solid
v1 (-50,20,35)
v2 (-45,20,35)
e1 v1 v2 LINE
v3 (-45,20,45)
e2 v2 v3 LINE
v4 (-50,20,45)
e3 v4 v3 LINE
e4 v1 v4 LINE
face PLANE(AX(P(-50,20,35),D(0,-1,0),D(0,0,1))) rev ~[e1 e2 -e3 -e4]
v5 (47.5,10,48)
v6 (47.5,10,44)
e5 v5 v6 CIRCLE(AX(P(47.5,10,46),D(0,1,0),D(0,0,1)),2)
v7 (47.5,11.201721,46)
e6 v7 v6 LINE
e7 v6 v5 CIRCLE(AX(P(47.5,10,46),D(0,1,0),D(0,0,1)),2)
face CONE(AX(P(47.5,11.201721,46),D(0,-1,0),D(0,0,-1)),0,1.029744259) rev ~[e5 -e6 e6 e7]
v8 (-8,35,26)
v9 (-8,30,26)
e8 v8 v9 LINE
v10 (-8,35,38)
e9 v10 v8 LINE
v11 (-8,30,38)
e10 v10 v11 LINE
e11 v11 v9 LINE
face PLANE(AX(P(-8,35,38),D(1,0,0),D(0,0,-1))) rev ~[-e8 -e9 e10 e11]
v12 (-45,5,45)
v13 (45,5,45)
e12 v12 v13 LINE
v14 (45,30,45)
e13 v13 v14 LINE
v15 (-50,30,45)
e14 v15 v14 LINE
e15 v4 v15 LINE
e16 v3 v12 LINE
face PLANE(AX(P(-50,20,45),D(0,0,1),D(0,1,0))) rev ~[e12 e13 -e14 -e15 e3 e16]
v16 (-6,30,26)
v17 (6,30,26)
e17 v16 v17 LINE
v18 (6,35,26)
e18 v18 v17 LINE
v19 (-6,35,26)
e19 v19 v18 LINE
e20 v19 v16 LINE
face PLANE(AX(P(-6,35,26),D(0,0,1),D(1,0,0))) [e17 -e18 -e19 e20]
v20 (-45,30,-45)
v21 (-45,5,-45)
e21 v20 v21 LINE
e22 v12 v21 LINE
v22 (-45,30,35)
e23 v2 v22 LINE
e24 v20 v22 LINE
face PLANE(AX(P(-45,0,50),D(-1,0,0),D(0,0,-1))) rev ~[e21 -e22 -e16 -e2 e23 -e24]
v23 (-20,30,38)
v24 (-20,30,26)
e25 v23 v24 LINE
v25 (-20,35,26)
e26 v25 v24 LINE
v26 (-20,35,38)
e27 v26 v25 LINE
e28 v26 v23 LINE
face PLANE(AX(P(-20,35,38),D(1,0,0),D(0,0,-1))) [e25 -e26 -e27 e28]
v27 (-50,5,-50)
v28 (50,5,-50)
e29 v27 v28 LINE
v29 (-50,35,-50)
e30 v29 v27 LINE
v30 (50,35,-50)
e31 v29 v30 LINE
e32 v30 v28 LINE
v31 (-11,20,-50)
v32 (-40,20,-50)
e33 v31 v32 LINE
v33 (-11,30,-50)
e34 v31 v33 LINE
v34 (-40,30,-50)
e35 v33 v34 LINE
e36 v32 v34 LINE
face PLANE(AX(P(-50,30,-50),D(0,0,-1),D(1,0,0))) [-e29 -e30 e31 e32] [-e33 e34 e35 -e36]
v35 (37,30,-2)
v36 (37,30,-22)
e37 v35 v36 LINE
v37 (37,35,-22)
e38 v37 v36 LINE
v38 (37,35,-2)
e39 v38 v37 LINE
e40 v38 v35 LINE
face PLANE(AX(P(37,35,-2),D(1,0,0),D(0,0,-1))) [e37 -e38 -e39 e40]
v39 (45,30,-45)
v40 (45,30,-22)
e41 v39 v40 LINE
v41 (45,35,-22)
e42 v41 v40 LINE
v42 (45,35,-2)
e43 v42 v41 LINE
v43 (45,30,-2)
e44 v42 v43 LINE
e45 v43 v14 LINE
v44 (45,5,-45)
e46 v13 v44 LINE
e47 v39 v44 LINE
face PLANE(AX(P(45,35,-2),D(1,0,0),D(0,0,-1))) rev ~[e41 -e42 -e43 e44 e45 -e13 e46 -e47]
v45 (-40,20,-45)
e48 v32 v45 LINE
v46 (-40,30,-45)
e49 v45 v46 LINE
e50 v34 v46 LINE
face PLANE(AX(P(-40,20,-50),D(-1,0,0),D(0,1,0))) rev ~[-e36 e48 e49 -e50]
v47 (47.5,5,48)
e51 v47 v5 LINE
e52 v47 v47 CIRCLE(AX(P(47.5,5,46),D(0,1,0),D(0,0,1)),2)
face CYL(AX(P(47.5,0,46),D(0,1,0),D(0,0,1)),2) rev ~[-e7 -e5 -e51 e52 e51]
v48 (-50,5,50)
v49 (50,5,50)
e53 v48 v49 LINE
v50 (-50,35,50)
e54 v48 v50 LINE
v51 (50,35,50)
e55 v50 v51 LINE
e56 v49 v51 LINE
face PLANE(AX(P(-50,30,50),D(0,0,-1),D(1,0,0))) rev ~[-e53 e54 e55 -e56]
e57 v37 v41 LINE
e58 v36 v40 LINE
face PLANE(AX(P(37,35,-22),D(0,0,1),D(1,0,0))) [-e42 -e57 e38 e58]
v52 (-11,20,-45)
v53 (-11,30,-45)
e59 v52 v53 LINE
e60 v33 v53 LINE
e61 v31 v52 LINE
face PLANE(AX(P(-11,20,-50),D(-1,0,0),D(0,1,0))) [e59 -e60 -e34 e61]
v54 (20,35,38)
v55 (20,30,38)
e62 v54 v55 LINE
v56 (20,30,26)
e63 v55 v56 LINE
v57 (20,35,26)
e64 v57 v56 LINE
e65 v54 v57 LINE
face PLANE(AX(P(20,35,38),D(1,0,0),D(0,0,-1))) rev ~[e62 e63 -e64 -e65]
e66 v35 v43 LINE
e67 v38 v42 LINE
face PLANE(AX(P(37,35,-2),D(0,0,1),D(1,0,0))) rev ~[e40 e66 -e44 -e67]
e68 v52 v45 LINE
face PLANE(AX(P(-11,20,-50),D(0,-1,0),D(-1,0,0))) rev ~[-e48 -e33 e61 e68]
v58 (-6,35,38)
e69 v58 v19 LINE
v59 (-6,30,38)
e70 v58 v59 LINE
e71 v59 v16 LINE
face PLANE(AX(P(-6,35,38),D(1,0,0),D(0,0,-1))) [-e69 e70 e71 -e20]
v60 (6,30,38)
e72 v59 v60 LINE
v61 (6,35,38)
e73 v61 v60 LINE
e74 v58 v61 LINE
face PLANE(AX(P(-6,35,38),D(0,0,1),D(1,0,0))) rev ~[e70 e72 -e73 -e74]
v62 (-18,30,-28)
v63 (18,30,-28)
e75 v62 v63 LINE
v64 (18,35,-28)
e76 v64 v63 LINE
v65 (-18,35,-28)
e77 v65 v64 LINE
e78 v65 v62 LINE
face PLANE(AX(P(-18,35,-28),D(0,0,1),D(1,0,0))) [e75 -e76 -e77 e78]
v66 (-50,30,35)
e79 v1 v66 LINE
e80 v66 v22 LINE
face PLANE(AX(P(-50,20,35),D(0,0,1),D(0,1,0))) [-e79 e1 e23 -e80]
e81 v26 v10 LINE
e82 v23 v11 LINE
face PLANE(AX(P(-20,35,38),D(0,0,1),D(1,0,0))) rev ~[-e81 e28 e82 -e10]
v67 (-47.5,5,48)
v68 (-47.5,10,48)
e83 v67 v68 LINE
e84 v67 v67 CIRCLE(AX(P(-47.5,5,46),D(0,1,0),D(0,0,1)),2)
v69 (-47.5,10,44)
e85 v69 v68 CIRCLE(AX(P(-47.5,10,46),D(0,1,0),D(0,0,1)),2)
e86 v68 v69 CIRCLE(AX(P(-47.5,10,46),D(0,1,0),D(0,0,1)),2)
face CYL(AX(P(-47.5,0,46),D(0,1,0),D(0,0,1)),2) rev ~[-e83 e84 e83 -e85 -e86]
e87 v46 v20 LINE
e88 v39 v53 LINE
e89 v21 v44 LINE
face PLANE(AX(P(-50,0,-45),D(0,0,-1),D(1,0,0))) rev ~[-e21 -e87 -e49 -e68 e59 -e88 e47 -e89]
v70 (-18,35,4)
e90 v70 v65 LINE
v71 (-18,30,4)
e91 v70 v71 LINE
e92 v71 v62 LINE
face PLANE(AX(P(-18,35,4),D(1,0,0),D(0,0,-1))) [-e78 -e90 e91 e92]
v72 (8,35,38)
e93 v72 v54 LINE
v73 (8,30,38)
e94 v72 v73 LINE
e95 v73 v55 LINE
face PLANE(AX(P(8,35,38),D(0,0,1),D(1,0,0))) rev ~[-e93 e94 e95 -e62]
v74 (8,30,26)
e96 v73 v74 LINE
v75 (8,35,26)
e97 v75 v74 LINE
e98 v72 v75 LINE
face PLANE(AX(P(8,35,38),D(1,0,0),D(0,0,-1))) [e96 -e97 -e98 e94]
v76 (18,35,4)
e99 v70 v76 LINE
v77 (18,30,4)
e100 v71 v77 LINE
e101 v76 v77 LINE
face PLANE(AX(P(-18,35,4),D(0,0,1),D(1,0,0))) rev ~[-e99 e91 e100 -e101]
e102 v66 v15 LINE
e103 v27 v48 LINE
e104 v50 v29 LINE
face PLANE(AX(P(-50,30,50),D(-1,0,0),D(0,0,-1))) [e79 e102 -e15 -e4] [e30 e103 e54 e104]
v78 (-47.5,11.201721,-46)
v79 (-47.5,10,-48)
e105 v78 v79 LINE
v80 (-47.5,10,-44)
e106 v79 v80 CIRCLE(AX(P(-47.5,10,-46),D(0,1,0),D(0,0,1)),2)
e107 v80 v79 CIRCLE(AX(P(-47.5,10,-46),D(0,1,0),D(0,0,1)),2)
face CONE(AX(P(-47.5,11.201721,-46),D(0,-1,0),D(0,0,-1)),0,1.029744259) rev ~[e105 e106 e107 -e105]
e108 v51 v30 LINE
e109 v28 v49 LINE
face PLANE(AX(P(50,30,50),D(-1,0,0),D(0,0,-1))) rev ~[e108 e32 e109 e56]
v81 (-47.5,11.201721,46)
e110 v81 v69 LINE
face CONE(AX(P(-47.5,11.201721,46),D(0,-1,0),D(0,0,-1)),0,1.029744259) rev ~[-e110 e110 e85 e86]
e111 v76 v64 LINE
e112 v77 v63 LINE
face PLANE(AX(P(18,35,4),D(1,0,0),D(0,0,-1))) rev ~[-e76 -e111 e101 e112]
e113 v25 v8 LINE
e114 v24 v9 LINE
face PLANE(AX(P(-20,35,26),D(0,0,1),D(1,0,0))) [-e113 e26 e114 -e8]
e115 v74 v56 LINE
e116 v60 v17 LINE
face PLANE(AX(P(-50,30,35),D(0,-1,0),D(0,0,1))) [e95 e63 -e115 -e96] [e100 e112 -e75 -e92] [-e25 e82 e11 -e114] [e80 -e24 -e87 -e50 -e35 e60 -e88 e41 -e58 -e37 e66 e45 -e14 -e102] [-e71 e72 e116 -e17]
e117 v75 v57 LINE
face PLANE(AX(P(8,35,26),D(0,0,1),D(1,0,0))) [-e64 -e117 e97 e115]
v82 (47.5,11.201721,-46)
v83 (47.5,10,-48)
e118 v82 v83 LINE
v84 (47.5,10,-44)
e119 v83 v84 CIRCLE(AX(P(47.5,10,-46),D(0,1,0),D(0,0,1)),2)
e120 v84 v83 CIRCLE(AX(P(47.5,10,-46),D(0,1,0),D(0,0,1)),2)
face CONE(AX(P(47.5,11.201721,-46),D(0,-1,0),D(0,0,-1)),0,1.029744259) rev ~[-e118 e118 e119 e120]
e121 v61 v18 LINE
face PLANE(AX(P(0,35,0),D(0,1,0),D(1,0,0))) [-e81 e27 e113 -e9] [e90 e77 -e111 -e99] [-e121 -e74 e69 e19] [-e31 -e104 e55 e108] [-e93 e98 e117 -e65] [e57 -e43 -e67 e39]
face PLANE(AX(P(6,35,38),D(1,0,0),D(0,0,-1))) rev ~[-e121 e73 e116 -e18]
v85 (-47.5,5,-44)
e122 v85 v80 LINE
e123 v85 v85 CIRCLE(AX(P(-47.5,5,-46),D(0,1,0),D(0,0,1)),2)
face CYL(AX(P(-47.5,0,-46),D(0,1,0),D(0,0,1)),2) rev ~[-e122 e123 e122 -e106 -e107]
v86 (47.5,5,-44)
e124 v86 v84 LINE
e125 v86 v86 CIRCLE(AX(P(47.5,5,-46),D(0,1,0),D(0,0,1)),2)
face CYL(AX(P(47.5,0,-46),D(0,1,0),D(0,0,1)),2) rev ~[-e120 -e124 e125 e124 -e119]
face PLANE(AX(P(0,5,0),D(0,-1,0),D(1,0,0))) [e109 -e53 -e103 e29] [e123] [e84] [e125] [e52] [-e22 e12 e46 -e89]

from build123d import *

# Parameters (mm, degrees)
SKETCH1_W                 = 100
SKETCH1_H                 = 100
BOSS_EXTRUDE1_DEPTH       = 30
SHELL2_T                  = -5
SKETCH2_W                 = 100
SKETCH2_H                 = 100
BOSS_EXTRUDE2_DEPTH       = 5
SKETCH3_W                 = 12
SKETCH3_H                 = 12
SKETCH3_W_2               = 36
SKETCH3_H_2               = 32
SKETCH3_W_3               = 8
SKETCH3_H_3               = 20
CUT_EXTRUDE1_DEPTH        = 5
SKETCH5_W                 = 10
SKETCH5_H                 = 10
CUT_EXTRUDE2_DEPTH        = 5
SKETCH6_W                 = 29
SKETCH6_H                 = 10
CUT_EXTRUDE3_DEPTH        = 5
SKETCH8_W                 = 100
SKETCH8_H                 = 100
CUT_EXTRUDE4_DEPTH        = 5
F_4_0MM_DOWEL_HOLE1_D     = 4
F_4_0MM_DOWEL_HOLE1_DEPTH = 5
F_4_0MM_DOWEL_HOLE1_TIP   = 1.201721238


with BuildPart() as part:
    # Sketch1 → Boss-Extrude1 (new body)
    with BuildSketch(Plane(origin=(0, 0, 0), x_dir=(1, 0, 0), z_dir=(0, 1, 0))):
        Rectangle(SKETCH1_W, SKETCH1_H)
    extrude(amount=BOSS_EXTRUDE1_DEPTH)

    # Shell2
    shell2_openings = [part.faces().sort_by_distance(p)[0] for p in [
        (0, 30, 0),
    ]]
    offset(amount=SHELL2_T, openings=shell2_openings, kind=Kind.INTERSECTION)

    # Sketch2 → Boss-Extrude2 (add)
    with BuildSketch(Plane(origin=(0, 30, 0), x_dir=(1, 0, 0), z_dir=(0, 1, 0))):
        Rectangle(SKETCH2_W, SKETCH2_H)
    extrude(amount=BOSS_EXTRUDE2_DEPTH)

    # Sketch3 → Cut-Extrude1 (cut)
    with BuildSketch(Plane(origin=(0, 35, 0), x_dir=(1, 0, 0), z_dir=(0, 1, 0))):
        with Locations((-14, -32)):
            Rectangle(SKETCH3_W, SKETCH3_H)
        with Locations((0, -32)):
            Rectangle(SKETCH3_W, SKETCH3_H)
        with Locations((14, -32)):
            Rectangle(SKETCH3_W, SKETCH3_H)
        with Locations((0, 12)):
            Rectangle(SKETCH3_W_2, SKETCH3_H_2)
        with Locations((41, 12)):
            Rectangle(SKETCH3_W_3, SKETCH3_H_3)
    extrude(amount=-CUT_EXTRUDE1_DEPTH, mode=Mode.SUBTRACT)

    # Sketch5 → Cut-Extrude2 (cut)
    with BuildSketch(Plane.ZY.offset(50)):
        with Locations((40, 25)):
            Rectangle(SKETCH5_W, SKETCH5_H)
    extrude(amount=-CUT_EXTRUDE2_DEPTH, mode=Mode.SUBTRACT)

    # Sketch6 → Cut-Extrude3 (cut)
    with BuildSketch(Plane(origin=(0, 0, -50), x_dir=(-1, 0, 0), z_dir=(0, 0, -1))):
        with Locations((25.5, 25)):
            Rectangle(SKETCH6_W, SKETCH6_H)
    extrude(amount=-CUT_EXTRUDE3_DEPTH, mode=Mode.SUBTRACT)

    # Sketch8 → Cut-Extrude4 (cut)
    with BuildSketch(Plane.XZ):
        Rectangle(SKETCH8_W, SKETCH8_H)
    extrude(amount=-CUT_EXTRUDE4_DEPTH, mode=Mode.SUBTRACT)

    # Ø4.0mm Dowel Hole1
    with Locations(Plane(origin=(-47.5, 5, 46), x_dir=(0, 0, -1), z_dir=(0, -1, 0))):
        with Locations((0, 0), (0, 95), (92, 95), (92, 0)):
            Hole(F_4_0MM_DOWEL_HOLE1_D / 2, depth=F_4_0MM_DOWEL_HOLE1_DEPTH)
            with Locations((0, 0, -(F_4_0MM_DOWEL_HOLE1_DEPTH + F_4_0MM_DOWEL_HOLE1_TIP / 2))):  # 118° drill point
                Cone(0, F_4_0MM_DOWEL_HOLE1_D / 2, F_4_0MM_DOWEL_HOLE1_TIP, mode=Mode.SUBTRACT)


solid = part.part
